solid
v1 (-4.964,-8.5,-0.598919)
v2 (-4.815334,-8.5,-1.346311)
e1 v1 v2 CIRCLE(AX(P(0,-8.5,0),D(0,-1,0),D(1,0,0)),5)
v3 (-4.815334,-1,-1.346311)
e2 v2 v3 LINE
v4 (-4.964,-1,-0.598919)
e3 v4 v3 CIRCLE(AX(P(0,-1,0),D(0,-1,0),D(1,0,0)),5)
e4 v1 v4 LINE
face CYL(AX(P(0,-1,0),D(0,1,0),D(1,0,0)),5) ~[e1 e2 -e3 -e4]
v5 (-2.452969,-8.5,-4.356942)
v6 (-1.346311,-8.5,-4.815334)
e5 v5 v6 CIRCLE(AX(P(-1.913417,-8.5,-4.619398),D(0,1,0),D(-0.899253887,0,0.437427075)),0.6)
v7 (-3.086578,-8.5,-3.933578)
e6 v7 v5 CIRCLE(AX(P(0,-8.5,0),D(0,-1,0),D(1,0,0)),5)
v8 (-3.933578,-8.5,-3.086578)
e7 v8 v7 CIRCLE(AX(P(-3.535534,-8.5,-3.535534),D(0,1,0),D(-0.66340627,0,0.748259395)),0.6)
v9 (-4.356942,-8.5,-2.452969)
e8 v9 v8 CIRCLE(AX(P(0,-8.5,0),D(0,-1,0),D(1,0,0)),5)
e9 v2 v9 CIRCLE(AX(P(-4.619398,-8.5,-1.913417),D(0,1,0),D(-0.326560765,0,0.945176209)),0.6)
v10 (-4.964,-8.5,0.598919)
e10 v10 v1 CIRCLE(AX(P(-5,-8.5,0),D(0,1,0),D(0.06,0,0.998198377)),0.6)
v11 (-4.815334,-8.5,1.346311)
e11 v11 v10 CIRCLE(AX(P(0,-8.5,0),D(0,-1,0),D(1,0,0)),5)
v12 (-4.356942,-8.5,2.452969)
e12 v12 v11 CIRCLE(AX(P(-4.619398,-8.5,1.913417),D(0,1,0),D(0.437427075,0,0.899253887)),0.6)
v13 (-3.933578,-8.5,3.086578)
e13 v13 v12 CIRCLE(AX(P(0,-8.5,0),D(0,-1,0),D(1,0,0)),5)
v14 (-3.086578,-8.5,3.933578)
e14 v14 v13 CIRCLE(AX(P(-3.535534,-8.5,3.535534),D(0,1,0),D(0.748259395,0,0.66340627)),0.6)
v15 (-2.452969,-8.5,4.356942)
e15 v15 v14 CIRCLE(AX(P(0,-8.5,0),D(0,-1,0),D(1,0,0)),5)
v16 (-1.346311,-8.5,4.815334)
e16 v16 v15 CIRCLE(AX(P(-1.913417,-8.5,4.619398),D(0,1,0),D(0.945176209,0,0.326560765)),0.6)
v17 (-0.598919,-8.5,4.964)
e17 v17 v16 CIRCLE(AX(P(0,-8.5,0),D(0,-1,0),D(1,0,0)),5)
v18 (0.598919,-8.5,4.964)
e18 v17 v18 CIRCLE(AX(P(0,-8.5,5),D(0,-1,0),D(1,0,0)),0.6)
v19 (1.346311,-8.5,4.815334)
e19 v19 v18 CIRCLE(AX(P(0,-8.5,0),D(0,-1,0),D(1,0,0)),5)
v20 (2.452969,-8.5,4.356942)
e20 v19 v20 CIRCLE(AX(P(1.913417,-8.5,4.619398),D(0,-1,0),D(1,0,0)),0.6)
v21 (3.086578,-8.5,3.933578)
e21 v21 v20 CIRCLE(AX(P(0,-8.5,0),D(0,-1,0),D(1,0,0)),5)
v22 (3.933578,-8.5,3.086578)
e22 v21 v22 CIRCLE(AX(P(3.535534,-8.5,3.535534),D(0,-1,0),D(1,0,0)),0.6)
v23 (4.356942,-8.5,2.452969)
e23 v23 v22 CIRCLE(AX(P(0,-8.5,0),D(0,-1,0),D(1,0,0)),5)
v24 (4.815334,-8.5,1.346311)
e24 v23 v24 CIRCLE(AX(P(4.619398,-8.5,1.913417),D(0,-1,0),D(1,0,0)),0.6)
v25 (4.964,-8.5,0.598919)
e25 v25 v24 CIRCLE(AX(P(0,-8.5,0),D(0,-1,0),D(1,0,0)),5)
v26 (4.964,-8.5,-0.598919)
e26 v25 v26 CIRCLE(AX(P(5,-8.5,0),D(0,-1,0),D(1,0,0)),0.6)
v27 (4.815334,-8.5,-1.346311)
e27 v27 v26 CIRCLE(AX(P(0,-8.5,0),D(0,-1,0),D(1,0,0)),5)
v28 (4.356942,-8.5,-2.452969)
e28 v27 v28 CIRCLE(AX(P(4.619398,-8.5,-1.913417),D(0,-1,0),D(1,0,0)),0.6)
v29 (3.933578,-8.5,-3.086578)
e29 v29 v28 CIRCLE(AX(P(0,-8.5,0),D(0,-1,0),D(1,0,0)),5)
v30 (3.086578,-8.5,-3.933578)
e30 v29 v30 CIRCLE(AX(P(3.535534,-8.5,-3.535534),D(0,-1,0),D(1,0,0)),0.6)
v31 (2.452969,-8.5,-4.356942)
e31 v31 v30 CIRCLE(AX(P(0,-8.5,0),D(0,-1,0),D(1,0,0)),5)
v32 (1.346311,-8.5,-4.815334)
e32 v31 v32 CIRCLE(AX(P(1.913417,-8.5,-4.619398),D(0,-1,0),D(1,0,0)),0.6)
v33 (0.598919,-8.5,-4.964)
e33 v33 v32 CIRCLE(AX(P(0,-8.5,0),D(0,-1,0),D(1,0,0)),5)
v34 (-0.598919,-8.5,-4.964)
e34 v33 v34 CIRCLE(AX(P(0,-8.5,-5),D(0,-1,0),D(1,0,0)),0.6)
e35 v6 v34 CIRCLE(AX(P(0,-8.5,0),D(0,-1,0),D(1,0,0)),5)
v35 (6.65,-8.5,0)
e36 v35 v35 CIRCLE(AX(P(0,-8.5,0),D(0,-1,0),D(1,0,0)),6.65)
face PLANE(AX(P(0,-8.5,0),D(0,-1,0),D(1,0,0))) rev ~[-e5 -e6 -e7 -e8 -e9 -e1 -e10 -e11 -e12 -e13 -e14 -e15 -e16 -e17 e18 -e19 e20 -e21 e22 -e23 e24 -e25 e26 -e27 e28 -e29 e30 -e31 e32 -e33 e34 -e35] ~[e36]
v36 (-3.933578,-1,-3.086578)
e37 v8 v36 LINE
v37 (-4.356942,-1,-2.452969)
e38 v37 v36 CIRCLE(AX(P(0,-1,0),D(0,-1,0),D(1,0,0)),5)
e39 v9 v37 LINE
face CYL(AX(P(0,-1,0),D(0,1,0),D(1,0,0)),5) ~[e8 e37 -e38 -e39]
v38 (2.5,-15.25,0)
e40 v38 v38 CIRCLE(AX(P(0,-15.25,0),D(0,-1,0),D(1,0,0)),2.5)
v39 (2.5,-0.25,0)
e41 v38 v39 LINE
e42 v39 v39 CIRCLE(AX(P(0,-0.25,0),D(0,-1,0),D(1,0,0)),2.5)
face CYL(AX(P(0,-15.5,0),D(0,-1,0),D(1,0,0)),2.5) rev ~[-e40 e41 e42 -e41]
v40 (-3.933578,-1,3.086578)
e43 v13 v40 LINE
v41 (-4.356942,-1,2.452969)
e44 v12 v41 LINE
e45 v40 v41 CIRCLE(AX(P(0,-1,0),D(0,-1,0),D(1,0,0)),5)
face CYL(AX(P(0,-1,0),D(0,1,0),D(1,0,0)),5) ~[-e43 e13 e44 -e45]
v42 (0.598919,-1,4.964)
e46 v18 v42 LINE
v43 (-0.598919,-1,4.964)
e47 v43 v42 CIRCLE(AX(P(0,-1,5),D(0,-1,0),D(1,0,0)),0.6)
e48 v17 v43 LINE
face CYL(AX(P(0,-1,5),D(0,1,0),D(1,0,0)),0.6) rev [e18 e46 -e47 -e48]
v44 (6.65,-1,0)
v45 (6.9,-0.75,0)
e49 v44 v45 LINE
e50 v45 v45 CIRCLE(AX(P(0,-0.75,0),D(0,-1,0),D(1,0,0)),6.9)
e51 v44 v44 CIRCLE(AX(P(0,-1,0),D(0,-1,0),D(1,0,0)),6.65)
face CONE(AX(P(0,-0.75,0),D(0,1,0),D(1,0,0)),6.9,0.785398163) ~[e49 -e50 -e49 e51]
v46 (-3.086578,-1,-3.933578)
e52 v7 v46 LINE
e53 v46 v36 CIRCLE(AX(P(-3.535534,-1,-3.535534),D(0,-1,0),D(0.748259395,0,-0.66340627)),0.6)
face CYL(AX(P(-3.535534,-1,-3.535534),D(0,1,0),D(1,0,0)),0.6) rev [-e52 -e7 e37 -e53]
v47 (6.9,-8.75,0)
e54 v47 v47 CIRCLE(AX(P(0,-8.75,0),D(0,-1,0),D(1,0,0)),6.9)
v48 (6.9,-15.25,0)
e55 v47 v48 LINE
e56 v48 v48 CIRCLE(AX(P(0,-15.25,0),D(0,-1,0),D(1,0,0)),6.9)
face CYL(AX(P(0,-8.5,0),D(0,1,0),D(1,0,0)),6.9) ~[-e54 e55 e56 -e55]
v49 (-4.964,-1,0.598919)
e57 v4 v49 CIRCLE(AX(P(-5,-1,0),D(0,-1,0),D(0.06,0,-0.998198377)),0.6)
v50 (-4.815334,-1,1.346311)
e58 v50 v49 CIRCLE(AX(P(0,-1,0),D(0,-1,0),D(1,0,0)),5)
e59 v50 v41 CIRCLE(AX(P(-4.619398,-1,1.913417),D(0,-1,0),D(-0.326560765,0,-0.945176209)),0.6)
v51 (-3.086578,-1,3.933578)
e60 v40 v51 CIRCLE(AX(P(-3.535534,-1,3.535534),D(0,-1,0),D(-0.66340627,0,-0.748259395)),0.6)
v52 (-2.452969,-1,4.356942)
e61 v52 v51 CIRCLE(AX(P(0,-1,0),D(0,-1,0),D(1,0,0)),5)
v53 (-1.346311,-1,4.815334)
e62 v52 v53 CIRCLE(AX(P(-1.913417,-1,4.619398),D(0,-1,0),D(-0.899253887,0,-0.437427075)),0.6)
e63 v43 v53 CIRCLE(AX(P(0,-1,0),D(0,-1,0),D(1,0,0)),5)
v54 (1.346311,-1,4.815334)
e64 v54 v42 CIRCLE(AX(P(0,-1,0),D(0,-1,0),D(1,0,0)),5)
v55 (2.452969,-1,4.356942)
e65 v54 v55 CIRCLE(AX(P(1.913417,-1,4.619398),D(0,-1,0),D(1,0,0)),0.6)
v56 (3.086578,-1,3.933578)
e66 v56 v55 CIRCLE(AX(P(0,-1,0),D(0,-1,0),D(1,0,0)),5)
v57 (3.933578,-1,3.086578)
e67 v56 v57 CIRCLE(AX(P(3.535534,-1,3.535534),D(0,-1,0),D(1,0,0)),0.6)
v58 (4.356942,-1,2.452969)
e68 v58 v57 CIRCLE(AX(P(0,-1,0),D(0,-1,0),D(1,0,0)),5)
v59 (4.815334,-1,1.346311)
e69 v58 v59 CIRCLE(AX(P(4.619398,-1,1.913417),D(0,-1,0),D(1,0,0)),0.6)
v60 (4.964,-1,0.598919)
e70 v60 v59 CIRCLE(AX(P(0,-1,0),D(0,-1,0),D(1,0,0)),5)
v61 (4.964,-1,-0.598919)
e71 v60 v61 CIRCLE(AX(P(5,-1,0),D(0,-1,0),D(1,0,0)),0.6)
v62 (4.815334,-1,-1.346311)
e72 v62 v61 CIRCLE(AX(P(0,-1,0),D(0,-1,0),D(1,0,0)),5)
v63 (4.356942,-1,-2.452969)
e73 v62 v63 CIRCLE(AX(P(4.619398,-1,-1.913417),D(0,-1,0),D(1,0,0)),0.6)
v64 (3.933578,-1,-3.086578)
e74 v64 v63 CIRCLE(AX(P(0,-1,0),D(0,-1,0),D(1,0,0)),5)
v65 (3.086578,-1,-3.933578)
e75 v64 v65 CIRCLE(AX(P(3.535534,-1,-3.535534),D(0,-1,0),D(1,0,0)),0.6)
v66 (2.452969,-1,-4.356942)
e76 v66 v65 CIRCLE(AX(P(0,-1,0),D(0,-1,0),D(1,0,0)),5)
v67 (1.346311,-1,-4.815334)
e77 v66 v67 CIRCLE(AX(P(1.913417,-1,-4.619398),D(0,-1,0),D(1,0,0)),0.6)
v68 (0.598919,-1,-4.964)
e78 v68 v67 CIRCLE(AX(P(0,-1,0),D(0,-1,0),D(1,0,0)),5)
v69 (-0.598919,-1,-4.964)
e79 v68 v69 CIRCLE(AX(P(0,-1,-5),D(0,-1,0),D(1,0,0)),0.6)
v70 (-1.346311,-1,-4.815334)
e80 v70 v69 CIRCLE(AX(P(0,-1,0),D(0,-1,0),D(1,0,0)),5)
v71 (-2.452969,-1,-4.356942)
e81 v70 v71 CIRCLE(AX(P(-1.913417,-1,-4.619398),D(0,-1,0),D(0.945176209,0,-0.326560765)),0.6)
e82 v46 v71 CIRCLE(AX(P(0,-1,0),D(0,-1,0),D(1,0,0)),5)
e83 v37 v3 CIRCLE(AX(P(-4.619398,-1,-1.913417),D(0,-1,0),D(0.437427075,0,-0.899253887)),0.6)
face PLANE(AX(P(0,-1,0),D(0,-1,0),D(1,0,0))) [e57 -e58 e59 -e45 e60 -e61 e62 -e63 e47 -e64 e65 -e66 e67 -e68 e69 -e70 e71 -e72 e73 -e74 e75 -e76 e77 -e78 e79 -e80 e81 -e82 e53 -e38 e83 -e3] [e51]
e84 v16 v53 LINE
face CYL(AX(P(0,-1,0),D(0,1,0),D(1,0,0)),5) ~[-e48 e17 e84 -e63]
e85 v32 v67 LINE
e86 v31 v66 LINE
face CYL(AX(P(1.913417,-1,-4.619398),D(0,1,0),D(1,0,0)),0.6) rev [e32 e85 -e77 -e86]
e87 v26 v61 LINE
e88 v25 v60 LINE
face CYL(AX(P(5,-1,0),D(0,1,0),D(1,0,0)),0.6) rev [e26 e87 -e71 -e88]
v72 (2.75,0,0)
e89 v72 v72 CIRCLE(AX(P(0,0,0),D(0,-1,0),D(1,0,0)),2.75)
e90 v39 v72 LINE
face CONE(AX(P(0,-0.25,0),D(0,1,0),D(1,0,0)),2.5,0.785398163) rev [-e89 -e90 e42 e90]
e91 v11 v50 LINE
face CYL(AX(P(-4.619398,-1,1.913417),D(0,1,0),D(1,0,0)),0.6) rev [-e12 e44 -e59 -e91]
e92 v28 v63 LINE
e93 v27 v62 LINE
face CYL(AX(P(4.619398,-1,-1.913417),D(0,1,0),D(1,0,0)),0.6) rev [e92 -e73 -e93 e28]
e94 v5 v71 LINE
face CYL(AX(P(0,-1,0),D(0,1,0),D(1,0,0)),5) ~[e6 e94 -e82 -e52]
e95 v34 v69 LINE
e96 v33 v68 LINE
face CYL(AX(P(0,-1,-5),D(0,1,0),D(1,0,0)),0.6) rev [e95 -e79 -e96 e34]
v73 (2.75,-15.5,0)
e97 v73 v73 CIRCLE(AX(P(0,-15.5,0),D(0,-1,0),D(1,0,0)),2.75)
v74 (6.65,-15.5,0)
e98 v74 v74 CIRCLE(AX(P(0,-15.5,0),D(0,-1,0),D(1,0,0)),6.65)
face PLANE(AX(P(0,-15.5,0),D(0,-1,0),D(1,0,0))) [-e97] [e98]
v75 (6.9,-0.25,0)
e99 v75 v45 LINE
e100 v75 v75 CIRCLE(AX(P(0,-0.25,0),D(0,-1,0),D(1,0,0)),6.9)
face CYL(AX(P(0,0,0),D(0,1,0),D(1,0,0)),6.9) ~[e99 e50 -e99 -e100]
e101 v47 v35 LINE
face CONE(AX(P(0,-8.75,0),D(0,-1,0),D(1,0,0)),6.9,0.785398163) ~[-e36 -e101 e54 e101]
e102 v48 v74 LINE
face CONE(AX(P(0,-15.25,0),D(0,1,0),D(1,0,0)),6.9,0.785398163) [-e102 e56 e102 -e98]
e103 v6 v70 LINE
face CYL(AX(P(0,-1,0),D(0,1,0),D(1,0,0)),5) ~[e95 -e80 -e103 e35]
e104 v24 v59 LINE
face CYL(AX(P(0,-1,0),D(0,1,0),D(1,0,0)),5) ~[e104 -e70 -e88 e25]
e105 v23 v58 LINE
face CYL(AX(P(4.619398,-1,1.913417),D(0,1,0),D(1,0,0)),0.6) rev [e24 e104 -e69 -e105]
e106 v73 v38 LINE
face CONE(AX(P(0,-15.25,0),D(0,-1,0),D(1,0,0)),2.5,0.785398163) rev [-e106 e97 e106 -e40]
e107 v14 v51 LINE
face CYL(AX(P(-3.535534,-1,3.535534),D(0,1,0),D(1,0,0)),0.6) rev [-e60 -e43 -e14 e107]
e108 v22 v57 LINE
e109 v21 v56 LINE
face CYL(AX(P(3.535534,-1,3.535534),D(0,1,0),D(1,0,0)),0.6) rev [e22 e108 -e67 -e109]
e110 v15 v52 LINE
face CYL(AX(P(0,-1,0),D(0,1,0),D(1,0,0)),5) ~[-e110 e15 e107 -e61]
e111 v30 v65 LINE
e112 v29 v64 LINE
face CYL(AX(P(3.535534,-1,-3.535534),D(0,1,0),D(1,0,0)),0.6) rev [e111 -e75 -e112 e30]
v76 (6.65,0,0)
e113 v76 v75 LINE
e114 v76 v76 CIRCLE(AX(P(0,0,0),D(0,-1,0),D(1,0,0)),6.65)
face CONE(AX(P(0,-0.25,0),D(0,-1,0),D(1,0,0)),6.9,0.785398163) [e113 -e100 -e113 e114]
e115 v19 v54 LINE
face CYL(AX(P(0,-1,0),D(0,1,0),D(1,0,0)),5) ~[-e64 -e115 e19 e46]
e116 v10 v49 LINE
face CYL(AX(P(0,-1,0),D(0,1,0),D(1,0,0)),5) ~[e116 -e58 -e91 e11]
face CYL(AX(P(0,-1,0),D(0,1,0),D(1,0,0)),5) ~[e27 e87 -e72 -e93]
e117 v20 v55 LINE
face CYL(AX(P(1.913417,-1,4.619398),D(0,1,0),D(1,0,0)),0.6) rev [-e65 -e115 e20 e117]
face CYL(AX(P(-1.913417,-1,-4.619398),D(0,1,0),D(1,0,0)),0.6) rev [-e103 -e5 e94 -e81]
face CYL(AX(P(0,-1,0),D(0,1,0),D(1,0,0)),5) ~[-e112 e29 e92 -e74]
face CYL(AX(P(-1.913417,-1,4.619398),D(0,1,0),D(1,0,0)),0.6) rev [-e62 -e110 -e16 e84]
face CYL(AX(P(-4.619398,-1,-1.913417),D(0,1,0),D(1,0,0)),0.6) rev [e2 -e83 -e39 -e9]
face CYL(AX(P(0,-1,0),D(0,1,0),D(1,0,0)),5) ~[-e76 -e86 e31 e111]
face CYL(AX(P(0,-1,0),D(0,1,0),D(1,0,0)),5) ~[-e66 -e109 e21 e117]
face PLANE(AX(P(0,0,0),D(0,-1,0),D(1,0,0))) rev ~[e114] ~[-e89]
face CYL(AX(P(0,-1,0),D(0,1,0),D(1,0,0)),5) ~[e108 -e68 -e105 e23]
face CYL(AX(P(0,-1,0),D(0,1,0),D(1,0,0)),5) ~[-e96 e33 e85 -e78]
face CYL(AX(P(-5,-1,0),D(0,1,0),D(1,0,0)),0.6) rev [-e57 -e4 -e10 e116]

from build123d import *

# Parameters (mm, degrees)
F0_R     = 6.9
F1_DEPTH = 1
F2_R     = 5
F3_DEPTH = 7.5
F4_R     = 6.9
F5_DEPTH = 7
F6_R     = 0.6
F7_DEPTH = 7.5
F8_R     = 2.5
F9_DEPTH = 15.501
F10_SIZE = 0.25


with BuildPart() as f1:
    # F0 (on Front) → F1 (new body)
    with BuildSketch(Plane.XZ):
        Circle(F0_R)
    extrude(amount=F1_DEPTH)

    # F2 (on face) → F3 (join)
    with BuildSketch(Plane.XZ.offset(1)):
        Circle(F2_R)
    extrude(amount=F3_DEPTH)

    # F4 (on face) → F5 (join)
    with BuildSketch(Plane.XZ.offset(8.5)):
        Circle(F4_R)
    extrude(amount=F5_DEPTH)

    # F6 (on face) → F7 (cut, through all)
    with BuildSketch(Plane.XZ.offset(1)):
        with Locations((0, 5)):
            Circle(F6_R)
        with Locations((-1.913417, 4.619398)):
            Circle(F6_R)
        with Locations((-3.535534, 3.535534)):
            Circle(F6_R)
        with Locations((-4.619398, 1.913417)):
            Circle(F6_R)
        with Locations((-5, 0)):
            Circle(F6_R)
        with Locations((-4.619398, -1.913417)):
            Circle(F6_R)
        with Locations((-3.535534, -3.535534)):
            Circle(F6_R)
        with Locations((-1.913417, -4.619398)):
            Circle(F6_R)
        with Locations((0, -5)):
            Circle(F6_R)
        with Locations((1.913417, -4.619398)):
            Circle(F6_R)
        with Locations((3.535534, -3.535534)):
            Circle(F6_R)
        with Locations((4.619398, -1.913417)):
            Circle(F6_R)
        with Locations((5, 0)):
            Circle(F6_R)
        with Locations((4.619398, 1.913417)):
            Circle(F6_R)
        with Locations((3.535534, 3.535534)):
            Circle(F6_R)
        with Locations((1.913417, 4.619398)):
            Circle(F6_R)
    extrude(amount=F7_DEPTH, mode=Mode.SUBTRACT)

    # F8 (on face) → F9 (cut, through all)
    with BuildSketch(Plane.XZ.offset(15.5)):
        Circle(F8_R)
    extrude(amount=-F9_DEPTH, mode=Mode.SUBTRACT)

    # F10
    f10_edges = [f1.edges().sort_by_distance(p)[0] for p in [
        (6.9, -12, 0),
        (-6.9, -8.5, 0),
        (-6.9, -15.5, 0),
        (6.9, -0.5, 0),
        (-6.9, 0, 0),
        (-6.9, -1, 0),
        (-2.5, -15.5, 0),
        (2.5, -7.75, 0),
        (-2.5, 0, 0),
    ]]
    chamfer(f10_edges, length=F10_SIZE)


solid = f1.part
